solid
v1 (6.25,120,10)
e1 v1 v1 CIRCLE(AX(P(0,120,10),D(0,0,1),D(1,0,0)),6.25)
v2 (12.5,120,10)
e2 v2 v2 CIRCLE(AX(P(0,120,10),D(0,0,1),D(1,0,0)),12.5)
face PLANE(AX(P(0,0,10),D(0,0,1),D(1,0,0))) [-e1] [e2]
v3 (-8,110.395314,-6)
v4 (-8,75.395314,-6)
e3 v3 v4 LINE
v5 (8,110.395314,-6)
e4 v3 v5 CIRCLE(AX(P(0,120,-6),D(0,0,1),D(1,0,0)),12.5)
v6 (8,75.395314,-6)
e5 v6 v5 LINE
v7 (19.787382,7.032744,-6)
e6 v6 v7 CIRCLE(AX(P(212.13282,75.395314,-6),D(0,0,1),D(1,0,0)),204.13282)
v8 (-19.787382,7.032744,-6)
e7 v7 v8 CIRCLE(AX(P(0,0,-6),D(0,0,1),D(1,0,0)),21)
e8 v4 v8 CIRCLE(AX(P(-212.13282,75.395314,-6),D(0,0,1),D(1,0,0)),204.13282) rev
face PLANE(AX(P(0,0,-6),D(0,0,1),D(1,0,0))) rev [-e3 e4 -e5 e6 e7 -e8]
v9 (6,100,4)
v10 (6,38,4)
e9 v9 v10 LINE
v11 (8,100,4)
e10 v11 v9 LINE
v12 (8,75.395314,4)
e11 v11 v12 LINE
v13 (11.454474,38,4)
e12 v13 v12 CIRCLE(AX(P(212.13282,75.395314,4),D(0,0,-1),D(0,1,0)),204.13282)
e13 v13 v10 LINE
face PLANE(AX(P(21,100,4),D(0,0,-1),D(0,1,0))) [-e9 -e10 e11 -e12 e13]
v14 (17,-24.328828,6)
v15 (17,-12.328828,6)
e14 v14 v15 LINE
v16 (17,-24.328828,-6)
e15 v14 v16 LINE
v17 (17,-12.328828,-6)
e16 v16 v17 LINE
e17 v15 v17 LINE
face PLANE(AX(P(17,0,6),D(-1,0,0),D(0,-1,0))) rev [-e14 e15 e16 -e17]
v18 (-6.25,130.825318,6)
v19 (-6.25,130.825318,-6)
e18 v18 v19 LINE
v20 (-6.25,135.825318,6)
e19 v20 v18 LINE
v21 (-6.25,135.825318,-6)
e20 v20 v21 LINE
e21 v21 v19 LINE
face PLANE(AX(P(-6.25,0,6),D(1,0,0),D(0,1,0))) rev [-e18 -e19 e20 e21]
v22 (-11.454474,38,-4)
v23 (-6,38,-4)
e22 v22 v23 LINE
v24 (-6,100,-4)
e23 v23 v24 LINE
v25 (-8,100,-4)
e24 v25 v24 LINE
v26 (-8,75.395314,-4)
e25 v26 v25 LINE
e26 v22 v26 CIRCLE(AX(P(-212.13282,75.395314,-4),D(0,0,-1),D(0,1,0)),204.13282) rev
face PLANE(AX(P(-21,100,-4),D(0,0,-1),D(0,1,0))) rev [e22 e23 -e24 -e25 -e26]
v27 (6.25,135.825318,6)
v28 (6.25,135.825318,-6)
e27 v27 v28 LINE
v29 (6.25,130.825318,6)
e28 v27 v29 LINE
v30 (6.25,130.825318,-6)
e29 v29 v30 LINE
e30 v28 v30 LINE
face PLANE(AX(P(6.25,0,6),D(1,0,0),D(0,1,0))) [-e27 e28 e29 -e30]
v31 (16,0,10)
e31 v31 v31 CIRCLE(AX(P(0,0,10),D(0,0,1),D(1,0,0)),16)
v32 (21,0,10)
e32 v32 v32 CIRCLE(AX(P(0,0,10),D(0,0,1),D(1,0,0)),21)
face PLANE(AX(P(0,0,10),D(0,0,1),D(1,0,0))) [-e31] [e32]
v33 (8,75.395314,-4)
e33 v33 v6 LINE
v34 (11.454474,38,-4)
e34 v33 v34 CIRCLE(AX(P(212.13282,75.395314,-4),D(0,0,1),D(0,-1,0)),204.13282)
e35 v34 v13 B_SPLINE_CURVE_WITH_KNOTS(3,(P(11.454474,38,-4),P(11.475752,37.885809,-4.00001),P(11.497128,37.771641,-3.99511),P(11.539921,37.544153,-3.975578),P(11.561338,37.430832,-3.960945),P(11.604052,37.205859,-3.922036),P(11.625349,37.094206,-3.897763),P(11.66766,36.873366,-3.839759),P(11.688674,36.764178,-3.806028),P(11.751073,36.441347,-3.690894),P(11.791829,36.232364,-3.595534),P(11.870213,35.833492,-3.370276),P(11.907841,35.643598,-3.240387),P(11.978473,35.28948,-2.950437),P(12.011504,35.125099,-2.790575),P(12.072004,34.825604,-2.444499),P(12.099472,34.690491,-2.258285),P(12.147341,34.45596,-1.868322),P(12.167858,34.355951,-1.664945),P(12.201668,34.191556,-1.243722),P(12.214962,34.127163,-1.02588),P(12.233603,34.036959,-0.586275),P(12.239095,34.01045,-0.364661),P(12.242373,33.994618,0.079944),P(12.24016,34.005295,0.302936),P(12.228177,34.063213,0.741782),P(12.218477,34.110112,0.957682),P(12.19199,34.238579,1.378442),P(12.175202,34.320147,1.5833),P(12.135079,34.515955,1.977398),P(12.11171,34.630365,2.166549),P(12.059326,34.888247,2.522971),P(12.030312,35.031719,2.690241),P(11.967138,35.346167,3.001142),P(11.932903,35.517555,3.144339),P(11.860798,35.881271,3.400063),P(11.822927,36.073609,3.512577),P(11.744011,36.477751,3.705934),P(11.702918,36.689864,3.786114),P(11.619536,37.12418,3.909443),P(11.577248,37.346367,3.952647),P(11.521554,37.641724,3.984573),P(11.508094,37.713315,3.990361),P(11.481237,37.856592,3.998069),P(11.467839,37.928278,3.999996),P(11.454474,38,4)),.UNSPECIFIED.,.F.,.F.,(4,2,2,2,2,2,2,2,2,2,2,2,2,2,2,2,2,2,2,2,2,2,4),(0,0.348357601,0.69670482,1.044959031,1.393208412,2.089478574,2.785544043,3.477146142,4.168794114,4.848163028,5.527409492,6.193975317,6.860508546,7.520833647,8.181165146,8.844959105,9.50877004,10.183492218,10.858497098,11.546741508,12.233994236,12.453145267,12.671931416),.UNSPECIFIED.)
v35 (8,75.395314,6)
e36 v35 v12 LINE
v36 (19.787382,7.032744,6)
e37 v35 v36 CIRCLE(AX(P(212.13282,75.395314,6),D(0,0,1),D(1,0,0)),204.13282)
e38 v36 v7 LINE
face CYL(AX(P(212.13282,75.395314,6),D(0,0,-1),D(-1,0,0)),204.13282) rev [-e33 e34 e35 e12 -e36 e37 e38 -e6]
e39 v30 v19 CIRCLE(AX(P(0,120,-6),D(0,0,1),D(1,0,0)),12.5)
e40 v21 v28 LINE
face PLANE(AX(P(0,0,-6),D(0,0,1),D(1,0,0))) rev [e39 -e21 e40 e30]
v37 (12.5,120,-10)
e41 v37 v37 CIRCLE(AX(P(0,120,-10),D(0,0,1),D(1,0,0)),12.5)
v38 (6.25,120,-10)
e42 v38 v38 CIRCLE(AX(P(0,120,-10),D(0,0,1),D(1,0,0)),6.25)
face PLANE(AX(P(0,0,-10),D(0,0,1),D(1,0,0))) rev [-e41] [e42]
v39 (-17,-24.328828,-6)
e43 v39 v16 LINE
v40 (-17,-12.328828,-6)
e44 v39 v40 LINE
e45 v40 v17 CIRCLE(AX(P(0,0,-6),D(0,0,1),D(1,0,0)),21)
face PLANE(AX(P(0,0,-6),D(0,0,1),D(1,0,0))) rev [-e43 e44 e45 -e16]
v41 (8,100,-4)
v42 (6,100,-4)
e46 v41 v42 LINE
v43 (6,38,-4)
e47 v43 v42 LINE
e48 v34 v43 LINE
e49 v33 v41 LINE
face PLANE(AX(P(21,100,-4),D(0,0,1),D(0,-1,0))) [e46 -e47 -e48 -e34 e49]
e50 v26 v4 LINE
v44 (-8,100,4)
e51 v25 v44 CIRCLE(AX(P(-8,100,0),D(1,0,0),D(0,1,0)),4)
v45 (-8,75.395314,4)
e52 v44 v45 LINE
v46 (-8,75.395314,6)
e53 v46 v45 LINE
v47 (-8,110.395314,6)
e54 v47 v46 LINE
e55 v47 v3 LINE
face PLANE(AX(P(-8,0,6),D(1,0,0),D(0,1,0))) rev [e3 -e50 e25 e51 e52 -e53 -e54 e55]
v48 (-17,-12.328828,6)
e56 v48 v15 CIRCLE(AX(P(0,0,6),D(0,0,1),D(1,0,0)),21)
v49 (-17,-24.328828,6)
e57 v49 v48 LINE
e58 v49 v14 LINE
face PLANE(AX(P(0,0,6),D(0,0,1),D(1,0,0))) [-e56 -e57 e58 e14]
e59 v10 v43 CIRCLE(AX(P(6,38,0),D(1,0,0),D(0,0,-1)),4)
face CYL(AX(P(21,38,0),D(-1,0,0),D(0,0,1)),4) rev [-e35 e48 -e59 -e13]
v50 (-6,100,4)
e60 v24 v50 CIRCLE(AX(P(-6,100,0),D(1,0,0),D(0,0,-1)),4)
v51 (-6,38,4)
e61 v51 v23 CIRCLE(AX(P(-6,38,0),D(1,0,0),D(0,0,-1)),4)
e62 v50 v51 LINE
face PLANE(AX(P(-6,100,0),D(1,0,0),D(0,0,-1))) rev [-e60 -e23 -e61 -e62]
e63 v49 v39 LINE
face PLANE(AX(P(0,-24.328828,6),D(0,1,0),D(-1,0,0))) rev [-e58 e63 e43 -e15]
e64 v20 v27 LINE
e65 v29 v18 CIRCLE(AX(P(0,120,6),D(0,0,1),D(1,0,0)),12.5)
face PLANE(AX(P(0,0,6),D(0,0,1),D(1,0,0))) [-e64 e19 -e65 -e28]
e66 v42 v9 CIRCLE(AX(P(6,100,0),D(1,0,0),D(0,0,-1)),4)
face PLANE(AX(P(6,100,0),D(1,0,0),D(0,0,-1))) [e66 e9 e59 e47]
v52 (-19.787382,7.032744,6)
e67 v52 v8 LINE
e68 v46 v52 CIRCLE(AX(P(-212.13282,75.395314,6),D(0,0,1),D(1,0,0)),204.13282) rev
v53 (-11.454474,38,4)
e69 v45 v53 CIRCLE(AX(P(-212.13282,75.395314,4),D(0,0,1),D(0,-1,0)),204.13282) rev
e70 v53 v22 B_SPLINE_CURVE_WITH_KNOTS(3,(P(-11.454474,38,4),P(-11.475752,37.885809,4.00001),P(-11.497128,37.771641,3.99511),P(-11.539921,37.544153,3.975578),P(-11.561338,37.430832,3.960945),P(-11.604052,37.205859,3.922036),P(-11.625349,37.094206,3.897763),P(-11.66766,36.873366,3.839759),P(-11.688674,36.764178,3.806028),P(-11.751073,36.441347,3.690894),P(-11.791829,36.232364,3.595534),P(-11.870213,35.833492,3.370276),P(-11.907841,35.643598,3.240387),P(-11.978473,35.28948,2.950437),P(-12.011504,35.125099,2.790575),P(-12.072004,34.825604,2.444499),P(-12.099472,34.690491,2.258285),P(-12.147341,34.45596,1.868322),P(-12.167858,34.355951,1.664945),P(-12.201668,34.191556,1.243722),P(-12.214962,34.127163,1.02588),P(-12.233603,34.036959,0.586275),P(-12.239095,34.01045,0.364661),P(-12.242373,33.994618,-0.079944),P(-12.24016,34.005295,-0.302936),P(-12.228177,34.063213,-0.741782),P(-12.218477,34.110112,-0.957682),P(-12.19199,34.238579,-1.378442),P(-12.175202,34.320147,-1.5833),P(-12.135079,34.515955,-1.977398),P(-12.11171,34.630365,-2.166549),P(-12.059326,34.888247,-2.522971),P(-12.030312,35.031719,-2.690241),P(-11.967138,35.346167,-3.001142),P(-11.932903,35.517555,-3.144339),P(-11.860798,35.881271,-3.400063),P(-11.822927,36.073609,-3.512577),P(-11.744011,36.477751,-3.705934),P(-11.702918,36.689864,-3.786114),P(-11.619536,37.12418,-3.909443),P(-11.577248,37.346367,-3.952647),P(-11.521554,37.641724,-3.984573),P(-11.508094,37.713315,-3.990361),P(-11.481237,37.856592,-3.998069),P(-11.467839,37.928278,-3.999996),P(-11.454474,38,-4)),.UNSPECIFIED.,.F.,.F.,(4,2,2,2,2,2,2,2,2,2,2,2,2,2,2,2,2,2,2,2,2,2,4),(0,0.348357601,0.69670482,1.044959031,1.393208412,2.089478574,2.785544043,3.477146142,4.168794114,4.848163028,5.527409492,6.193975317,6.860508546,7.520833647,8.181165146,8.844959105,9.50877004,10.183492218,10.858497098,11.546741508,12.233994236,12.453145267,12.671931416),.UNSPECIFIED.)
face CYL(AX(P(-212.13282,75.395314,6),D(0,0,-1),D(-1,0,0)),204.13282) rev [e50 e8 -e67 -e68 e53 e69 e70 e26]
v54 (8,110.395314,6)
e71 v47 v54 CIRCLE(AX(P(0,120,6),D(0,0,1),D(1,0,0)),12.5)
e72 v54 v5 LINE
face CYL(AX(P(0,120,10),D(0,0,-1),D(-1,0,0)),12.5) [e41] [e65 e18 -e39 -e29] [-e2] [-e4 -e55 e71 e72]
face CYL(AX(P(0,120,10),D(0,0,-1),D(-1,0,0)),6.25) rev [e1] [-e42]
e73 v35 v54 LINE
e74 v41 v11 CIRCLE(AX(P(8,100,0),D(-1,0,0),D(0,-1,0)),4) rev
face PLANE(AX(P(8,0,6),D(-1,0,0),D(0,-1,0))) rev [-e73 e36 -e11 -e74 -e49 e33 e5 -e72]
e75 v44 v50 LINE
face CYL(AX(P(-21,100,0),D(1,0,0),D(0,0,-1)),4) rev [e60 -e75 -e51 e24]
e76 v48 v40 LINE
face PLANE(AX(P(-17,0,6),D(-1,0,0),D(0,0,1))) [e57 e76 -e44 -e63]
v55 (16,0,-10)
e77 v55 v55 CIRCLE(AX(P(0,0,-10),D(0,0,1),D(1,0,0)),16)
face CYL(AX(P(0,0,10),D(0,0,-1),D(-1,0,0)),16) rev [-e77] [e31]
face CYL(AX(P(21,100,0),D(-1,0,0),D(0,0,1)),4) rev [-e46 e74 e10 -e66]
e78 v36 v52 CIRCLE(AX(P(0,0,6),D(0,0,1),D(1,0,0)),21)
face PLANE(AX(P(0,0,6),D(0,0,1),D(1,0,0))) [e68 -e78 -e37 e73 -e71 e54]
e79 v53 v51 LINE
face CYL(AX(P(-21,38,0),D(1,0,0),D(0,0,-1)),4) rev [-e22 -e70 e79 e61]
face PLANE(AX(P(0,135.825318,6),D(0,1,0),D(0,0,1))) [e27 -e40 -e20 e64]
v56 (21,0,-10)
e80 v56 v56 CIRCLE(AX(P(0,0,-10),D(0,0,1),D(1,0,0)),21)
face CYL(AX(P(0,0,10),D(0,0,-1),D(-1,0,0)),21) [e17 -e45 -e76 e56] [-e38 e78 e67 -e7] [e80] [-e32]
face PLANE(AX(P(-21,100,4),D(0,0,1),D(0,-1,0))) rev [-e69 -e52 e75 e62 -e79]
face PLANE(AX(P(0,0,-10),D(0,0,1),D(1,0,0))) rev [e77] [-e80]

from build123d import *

# Parameters (mm, degrees)
SKETCH1_R             = 21
SKETCH1_R_2           = 16
BOSS_EXTRUDE1_DEPTH   = 10
SKETCH1_R_3           = 12.5
SKETCH1_R_4           = 6.25
BOSS_EXTRUDE1_2_DEPTH = 10
BOSS_EXTRUDE3_DEPTH   = 6
BOSS_EXTRUDE4_DEPTH   = 6
BOSS_EXTRUDE5_DEPTH   = 6
CUT_EXTRUDE1_START    = 6
CUT_EXTRUDE1_DEPTH    = 16
CUT_EXTRUDE2_START    = -6
CUT_EXTRUDE2_DEPTH    = 16


with BuildPart() as part:
    # Sketch1 → Boss-Extrude1 (new body, symmetric)
    with BuildSketch(Plane.XY):
        Circle(SKETCH1_R)
        Circle(SKETCH1_R_2, mode=Mode.SUBTRACT)
    extrude(amount=BOSS_EXTRUDE1_DEPTH, both=True)



with BuildPart() as body_2:
    # Sketch1 → Boss-Extrude1 2 (new body, symmetric)
    with BuildSketch(Plane.XY):
        with Locations((0, 120)):
            Circle(SKETCH1_R_3)
        with Locations((0, 120)):
            Circle(SKETCH1_R_4, mode=Mode.SUBTRACT)
    extrude(amount=BOSS_EXTRUDE1_2_DEPTH, both=True)


with BuildPart() as part_1:
    add(part.part)

    add(body_2.part)  # Boss-Extrude3 merges body 2
    # Sketch1_5 → Boss-Extrude3 (add, symmetric)
    with BuildSketch(Plane.XY):
        with BuildLine():
            ThreePointArc((8, 110.395313644), (0, 107.5), (-8, 110.395313644))
            Line((-8, 110.395313644), (-8, 75.395313644))
            ThreePointArc((-8, 75.395313644), (-10.96842855, 40.709642053), (-19.787382488, 7.032744434))
            ThreePointArc((-19.787382488, 7.032744434), (0, 21), (19.787382488, 7.032744434))
            ThreePointArc((19.787382488, 7.032744434), (10.96842855, 40.709642053), (8, 75.395313644))
            Line((8, 75.395313644), (8, 110.395313644))
        make_face()
    extrude(amount=BOSS_EXTRUDE3_DEPTH, both=True)

    # Sketch1_6 → Boss-Extrude4 (add, symmetric)
    with BuildSketch(Plane.XY):
        with BuildLine():
            Line((-6.25, 135.825317547), (-6.25, 130.825317547))
            ThreePointArc((-6.25, 130.825317547), (0, 132.5), (6.25, 130.825317547))
            Line((6.25, 130.825317547), (6.25, 135.825317547))
            Line((6.25, 135.825317547), (-6.25, 135.825317547))
        make_face()
    extrude(amount=BOSS_EXTRUDE4_DEPTH, both=True)

    # Sketch1_7 → Boss-Extrude5 (add, symmetric)
    with BuildSketch(Plane.XY):
        with BuildLine():
            ThreePointArc((17, -12.328828006), (0, -21), (-17, -12.328828006))
            Line((-17, -12.328828006), (-17, -24.328828006))
            Line((-17, -24.328828006), (17, -24.328828006))
            Line((17, -24.328828006), (17, -12.328828006))
        make_face()
    extrude(amount=BOSS_EXTRUDE5_DEPTH, both=True)

    # Sketch2 → Cut-Extrude1 (cut, through all)
    with BuildSketch(Plane(origin=(0, 0, 0), x_dir=(0, 0, -1), z_dir=(1, 0, 0)).offset(CUT_EXTRUDE1_START)):
        with BuildLine():
            Line((4, 100), (4, 38))
            ThreePointArc((4, 38), (0, 34), (-4, 38))
            Line((-4, 38), (-4, 100))
            ThreePointArc((-4, 100), (0, 104), (4, 100))
        make_face()
    extrude(amount=CUT_EXTRUDE1_DEPTH, mode=Mode.SUBTRACT)

    # Sketch2_2 → Cut-Extrude2 (cut, through all)
    with BuildSketch(Plane(origin=(0, 0, 0), x_dir=(0, 0, -1), z_dir=(1, 0, 0)).offset(CUT_EXTRUDE2_START)):
        with BuildLine():
            Line((4, 100), (4, 38))
            ThreePointArc((4, 38), (0, 34), (-4, 38))
            Line((-4, 38), (-4, 100))
            ThreePointArc((-4, 100), (0, 104), (4, 100))
        make_face()
    extrude(amount=-CUT_EXTRUDE2_DEPTH, mode=Mode.SUBTRACT)


solid = part_1.part
